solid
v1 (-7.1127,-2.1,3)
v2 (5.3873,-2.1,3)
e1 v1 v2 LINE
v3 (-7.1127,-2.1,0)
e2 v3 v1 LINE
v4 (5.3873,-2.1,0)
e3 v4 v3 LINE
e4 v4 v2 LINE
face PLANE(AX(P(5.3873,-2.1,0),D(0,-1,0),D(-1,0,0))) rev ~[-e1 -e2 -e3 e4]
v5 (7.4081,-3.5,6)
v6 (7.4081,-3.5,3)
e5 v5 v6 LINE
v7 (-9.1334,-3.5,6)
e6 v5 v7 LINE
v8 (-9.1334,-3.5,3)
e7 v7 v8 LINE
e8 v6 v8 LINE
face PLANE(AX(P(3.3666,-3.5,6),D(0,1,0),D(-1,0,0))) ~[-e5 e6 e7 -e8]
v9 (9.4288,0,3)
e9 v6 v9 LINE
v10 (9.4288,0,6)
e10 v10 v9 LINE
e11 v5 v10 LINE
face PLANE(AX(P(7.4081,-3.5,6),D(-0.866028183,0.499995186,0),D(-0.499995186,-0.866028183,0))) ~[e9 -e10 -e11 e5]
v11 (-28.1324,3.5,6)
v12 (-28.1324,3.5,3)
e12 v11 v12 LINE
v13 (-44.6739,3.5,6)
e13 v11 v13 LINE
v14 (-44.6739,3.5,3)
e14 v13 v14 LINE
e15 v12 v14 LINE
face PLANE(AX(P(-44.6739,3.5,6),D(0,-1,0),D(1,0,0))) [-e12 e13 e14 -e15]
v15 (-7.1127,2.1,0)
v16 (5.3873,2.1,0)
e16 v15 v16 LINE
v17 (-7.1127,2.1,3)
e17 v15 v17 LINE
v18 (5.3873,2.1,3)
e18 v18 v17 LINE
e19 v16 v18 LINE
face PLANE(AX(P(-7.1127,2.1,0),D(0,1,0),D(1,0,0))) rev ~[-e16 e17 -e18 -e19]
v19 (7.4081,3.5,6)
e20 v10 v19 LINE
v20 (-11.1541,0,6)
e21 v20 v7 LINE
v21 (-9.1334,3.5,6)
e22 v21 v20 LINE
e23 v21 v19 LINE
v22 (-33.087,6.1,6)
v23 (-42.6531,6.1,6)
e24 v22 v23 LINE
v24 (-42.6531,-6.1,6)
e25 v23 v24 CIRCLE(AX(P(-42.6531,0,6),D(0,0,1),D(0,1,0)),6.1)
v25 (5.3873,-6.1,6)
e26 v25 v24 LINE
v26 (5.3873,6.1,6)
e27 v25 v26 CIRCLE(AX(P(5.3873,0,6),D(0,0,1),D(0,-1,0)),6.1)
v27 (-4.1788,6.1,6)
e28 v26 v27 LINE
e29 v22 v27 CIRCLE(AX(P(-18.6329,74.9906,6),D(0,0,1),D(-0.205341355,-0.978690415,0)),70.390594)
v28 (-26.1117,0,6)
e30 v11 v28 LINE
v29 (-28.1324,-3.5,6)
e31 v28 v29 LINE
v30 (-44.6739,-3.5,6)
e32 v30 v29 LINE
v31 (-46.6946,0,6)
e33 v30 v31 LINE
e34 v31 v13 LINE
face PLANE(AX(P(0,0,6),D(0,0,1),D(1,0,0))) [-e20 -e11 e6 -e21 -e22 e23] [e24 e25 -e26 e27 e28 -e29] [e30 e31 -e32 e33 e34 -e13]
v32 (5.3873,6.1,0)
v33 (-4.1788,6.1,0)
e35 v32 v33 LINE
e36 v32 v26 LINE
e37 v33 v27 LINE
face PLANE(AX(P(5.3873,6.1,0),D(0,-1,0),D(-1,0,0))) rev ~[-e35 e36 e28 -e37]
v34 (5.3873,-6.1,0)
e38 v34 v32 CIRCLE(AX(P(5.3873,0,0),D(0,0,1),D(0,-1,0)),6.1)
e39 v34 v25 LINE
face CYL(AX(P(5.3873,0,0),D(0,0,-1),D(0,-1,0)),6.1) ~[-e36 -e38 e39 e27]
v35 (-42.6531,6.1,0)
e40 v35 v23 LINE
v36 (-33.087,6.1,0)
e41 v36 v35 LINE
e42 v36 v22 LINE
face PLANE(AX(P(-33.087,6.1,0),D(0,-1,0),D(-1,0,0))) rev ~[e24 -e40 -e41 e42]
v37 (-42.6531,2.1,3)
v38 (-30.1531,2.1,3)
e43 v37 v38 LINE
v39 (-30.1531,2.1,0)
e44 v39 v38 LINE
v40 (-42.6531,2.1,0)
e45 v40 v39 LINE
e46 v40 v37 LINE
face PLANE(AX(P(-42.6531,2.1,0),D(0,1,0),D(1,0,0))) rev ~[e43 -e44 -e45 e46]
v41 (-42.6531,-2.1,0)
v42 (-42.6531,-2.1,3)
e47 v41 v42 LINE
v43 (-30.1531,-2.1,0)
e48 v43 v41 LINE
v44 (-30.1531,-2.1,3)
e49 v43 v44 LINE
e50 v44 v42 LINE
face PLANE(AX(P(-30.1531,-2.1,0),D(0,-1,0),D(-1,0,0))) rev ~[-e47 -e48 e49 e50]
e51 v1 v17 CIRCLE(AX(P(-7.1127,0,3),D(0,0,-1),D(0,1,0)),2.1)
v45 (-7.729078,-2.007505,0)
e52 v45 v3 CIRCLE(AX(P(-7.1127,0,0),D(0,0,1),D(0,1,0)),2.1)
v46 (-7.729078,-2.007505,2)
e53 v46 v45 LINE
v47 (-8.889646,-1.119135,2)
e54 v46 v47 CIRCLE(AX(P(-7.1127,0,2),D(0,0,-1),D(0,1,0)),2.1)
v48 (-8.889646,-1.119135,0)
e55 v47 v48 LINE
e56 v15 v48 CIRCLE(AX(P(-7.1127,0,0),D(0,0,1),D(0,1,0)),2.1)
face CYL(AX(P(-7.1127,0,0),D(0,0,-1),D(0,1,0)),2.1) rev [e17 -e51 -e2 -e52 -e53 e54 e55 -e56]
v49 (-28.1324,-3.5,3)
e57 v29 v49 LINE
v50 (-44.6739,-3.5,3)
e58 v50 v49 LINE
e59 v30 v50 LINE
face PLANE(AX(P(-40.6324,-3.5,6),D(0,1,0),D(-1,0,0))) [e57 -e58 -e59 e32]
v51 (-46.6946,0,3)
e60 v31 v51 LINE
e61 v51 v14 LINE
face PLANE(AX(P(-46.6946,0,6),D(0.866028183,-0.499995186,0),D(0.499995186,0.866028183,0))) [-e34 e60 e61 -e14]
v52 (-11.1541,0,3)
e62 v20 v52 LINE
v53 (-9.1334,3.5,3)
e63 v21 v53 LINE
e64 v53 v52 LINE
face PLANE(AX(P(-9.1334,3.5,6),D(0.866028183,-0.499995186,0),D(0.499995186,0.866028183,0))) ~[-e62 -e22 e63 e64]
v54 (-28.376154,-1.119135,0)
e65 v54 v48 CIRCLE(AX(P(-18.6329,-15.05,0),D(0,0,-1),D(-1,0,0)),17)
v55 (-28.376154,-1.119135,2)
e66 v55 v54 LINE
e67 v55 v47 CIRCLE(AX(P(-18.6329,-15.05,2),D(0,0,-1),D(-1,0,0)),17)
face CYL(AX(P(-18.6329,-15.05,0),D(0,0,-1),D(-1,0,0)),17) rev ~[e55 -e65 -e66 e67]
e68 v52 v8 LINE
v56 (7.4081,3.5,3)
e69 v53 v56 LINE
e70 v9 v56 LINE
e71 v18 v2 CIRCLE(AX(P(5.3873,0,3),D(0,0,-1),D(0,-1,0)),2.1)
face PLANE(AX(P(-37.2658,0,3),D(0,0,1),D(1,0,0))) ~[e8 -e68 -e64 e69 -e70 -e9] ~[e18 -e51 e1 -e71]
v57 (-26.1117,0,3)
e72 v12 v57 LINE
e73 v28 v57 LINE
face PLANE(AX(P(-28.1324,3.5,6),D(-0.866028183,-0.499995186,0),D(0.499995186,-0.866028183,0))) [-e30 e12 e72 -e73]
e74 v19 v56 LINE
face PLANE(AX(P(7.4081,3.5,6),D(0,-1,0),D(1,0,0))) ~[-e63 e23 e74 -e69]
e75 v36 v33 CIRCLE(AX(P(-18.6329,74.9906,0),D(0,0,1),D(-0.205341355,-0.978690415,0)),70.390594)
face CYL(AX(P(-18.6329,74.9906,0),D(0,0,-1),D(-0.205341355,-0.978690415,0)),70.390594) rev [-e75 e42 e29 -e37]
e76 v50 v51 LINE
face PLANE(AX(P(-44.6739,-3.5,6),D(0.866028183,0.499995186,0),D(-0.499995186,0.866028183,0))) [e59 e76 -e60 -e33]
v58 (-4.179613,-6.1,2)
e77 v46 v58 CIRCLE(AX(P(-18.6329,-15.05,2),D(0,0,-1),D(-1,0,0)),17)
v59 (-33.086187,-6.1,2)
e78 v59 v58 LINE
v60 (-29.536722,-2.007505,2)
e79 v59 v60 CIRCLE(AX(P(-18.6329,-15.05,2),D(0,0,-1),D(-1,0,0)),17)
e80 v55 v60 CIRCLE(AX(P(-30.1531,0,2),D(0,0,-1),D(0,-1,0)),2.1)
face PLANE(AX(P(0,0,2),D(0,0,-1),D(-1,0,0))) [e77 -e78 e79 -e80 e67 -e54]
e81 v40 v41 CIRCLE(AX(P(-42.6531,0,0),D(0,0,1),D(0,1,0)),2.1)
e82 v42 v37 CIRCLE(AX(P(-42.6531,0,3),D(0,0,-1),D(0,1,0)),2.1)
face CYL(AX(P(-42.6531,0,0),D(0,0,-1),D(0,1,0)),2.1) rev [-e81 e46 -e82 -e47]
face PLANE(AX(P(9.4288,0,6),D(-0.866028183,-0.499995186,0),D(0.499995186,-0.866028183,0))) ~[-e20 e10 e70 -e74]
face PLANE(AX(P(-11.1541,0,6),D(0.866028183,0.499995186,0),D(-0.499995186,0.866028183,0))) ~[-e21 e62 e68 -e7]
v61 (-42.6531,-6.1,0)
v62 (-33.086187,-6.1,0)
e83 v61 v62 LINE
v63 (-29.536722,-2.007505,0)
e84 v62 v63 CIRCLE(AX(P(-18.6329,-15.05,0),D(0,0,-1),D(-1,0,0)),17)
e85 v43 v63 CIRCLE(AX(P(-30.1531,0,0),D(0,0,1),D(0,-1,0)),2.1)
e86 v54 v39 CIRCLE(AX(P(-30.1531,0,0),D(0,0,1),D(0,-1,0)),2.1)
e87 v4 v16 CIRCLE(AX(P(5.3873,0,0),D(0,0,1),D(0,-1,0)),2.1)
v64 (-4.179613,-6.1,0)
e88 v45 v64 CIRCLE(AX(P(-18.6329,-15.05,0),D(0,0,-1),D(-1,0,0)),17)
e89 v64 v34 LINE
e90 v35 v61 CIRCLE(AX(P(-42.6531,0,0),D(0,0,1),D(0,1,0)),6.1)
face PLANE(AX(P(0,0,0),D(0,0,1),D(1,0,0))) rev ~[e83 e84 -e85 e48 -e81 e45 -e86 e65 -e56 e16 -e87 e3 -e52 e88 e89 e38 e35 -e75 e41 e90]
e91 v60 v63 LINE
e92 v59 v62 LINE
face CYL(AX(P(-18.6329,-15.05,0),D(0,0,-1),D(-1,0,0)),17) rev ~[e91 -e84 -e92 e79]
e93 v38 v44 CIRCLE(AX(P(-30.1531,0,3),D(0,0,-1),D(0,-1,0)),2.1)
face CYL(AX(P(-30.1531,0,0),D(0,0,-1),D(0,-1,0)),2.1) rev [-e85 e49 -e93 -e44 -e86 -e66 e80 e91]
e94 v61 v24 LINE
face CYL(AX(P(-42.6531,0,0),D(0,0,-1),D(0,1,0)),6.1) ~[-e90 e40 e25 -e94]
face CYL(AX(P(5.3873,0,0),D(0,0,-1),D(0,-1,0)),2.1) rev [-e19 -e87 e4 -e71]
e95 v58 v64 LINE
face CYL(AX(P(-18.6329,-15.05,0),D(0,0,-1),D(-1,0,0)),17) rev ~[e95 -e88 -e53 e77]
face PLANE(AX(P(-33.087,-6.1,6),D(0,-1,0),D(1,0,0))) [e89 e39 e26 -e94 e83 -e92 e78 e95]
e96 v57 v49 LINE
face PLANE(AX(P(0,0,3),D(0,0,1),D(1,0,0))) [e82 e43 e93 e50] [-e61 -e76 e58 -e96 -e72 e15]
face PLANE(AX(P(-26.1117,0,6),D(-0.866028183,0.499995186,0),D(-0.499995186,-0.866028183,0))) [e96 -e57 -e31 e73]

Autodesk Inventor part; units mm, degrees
ref_plane "YZ Plane" through (0, 0, 0) normal (1, 0, 0) x (0, 1, 0)
ref_plane "XZ Plane" through (0, 0, 0) normal (0, 1, 0) x (-1, 0, 0)
ref_plane "XY Plane" through (0, 0, 0) normal (0, 0, 1) x (1, 0, 0)
sketch "Skizze1" plane through (0, 0, 0) normal (0, 0, 1) x (1, 0, 0)
  line L0 (-30.1531, -2.1) -> (-42.6531, -2.1) projected
  arc A0 (-42.6531, 2.1) -> (-42.6531, -2.1) centre (-42.6531, 0) ccw projected
  line L1 (-42.6531, 2.1) -> (-30.1531, 2.1) projected
  arc A1 (-30.1531, -2.1) -> (-30.1531, 2.1) centre (-30.1531, 0) ccw projected
  arc A2 (-7.1127, 2.1) -> (-7.1127, -2.1) centre (-7.1127, 0) ccw projected
  line L2 (-7.1127, 2.1) -> (5.3873, 2.1) projected
  arc A3 (5.3873, -2.1) -> (5.3873, 2.1) centre (5.3873, 0) ccw projected
  line L3 (5.3873, -2.1) -> (-7.1127, -2.1) projected
  circle A4 centre (-18.6329, -15.05) radius 14 projected
  circle A5 centre (-18.6329, 73.2719) radius 11.05 projected
  arc A6 (19.5363, 49.4369) -> (23.7773, 46.7885) centre (21.6568, 48.1127) ccw projected
  arc A7 (19.5363, 49.4369) -> (-57.3137, 50.2763) centre (-18.6329, 73.2719) ccw projected
  spline S0 degree 3 poles (-57.3137, 50.2763) (-57.1415, 49.9867) (-56.9966, 49.6783) (-56.7784, 49.0519) (-56.7017, 48.7303) (-56.6239, 48.0366) (-56.6345, 47.6574) (-56.7807, 47.0301) (-56.8829, 46.7742) (-57.1624, 46.3502) (-57.3235, 46.1805) (-57.5157, 46.0459) knots 0 0 0 0 0.100197 0.100197 0.197338 0.197338 0.308151 0.308151 0.389963 0.389963 0.460336 0.460336 0.460336 0.460336 projected
  line L4 (-57.5157, 46.0459) -> (-57.5426, 46.0271) projected
  ellipse E0 centre (-59.5705, 48.9232) end of major axis (-61.5984, 51.8193) minor radius 2.5 (-61.0744, 46.8387) -> (-57.5426, 46.0271) ccw projected
  arc A8 (23.7773, 46.7885) -> (-61.0744, 46.8387) centre (-18.6329, 73.2719) ccw projected
  line L5 (-0.8579, 86.6698) -> (-3.6329, 85.0676) projected
  line L6 (-3.6329, 85.0676) -> (-6.4079, 86.6698) projected
  line L7 (-6.4079, 86.6698) -> (-6.4079, 89.8741) projected
  line L8 (-6.4079, 89.8741) -> (-3.6329, 91.4762) projected
  line L9 (-3.6329, 91.4762) -> (-0.8579, 89.8741) projected
  line L10 (-0.8579, 89.8741) -> (-0.8579, 86.6698) projected
  line L11 (-6.4079, 59.8741) -> (-3.6329, 61.4762) projected
  line L12 (-3.6329, 61.4762) -> (-0.8579, 59.8741) projected
  line L13 (-0.8579, 59.8741) -> (-0.8579, 56.6698) projected
  line L14 (-0.8579, 56.6698) -> (-3.6329, 55.0676) projected
  line L15 (-3.6329, 55.0676) -> (-6.4079, 56.6698) projected
  line L16 (-6.4079, 56.6698) -> (-6.4079, 59.8741) projected
  line L17 (-36.4079, 59.8741) -> (-33.6329, 61.4762) projected
  line L18 (-33.6329, 61.4762) -> (-30.8579, 59.8741) projected
  line L19 (-30.8579, 59.8741) -> (-30.8579, 56.6698) projected
  line L20 (-30.8579, 56.6698) -> (-33.6329, 55.0676) projected
  line L21 (-33.6329, 55.0676) -> (-36.4079, 56.6698) projected
  line L22 (-36.4079, 56.6698) -> (-36.4079, 59.8741) projected
  line L23 (-30.8579, 86.6698) -> (-33.6329, 85.0676) projected
  line L24 (-33.6329, 85.0676) -> (-36.4079, 86.6698) projected
  line L25 (-36.4079, 86.6698) -> (-36.4079, 89.8741) projected
  line L26 (-36.4079, 89.8741) -> (-33.6329, 91.4762) projected
  line L27 (-33.6329, 91.4762) -> (-30.8579, 89.8741) projected
  line L28 (-30.8579, 89.8741) -> (-30.8579, 86.6698) projected
  line L29 (-21.6329, -35.1) -> (-21.6329, -48.7281) projected
  line L30 (-15.6329, -48.7281) -> (-21.6329, -48.7281) projected
  line L31 (-15.6329, -35.1) -> (-15.6329, -48.7281) projected
  line L32 (-3.5829, -35.1) -> (-15.6329, -35.1) projected
  arc A9 (-3.5829, -35.1) -> (1.4171, -30.1) centre (-3.5829, -30.1) ccw projected
  line L33 (1.4171, -22.1174) -> (1.4171, -30.1) projected
  spline S1 degree 3 poles (5.4171, -15.0509) (5.4147, -15.0534) (5.4123, -15.0559) (4.6387, -15.8583) (3.8622, -16.6655) (2.6723, -18.2412) (2.1512, -19.0655) (1.5603, -20.6885) (1.4171, -21.3977) (1.4171, -22.1174) knots 0 0 0 0 0.0012 0.0012 0.384075 0.384075 0.683828 0.683828 0.899728 0.899728 0.899728 0.899728 projected
  arc A10 (48.8863, -32.4077) -> (5.4171, -15.0509) centre (-18.6329, -138.3947) ccw projected
  spline S2 degree 3 poles (46.6689, -28.6102) (46.687, -28.6358) (46.7052, -28.6619) (47.5464, -29.8644) (48.2846, -31.1065) (48.8863, -32.4077) knots 0 0 0 0 0.009408 0.009408 0.428044 0.428044 0.428044 0.428044 projected
  spline S3 degree 3 poles (46.3671, 73.2719) (46.3671, 69.062) (45.5995, 65.0904) (43.0366, 57.3871) (41.3844, 53.8297) (36.5234, 43.9303) (33.0874, 37.527) (29.4142, 24.4534) (28.6107, 18.1121) (30.256, 4.2032) (32.4354, -3.9552) (40.4412, -19.2682) (43.5252, -24.1471) (46.6689, -28.6102) knots -13.775579 -13.775579 -13.775579 -13.775579 -11.916531 -11.916531 -10.206507 -10.206507 -7.199912 -7.199912 -4.876321 -4.876321 -2.796234 -2.796234 -1.753011 -1.753011 -1.753011 -1.753011 projected
  arc A11 (46.3671, 73.2719) -> (-83.6329, 73.2719) centre (-18.6329, 73.2719) ccw projected
  spline S4 degree 3 poles (-83.9347, -28.6102) (-82.7069, -26.8671) (-81.4925, -25.0666) (-75.3921, -15.5288) (-70.9948, -6.9499) (-66.4184, 9.431) (-66.0615, 15.8887) (-67.4531, 29.6924) (-70.2546, 36.5869) (-76.2635, 49.1483) (-79.4526, 54.8792) (-82.8508, 65.0165) (-83.6329, 69.0218) (-83.6329, 73.2719) knots -8.648216 -8.648216 -8.648216 -8.648216 -8.254246 -8.254246 -6.614154 -6.614154 -5.212744 -5.212744 -3.192896 -3.192896 -1.275036 -1.275036 0 0 0 0 projected
  spline S5 degree 3 poles (-86.1522, -32.4077) (-85.9485, -31.9672) (-85.7293, -31.5338) (-85.2658, -30.6848) (-85.0214, -30.2686) (-84.6343, -29.6497) (-84.4998, -29.4414) (-84.293, -29.1304) (-84.2227, -29.0263) (-84.116, -28.8704) (-84.0801, -28.8184) (-84.0259, -28.7403) (-84.0078, -28.7143) (-83.9711, -28.6619) (-83.9528, -28.6358) (-83.9347, -28.6102) knots 0.128552 0.128552 0.128552 0.128552 0.274044 0.274044 0.418651 0.418651 0.49297 0.49297 0.530648 0.530648 0.549617 0.549617 0.559135 0.559135 0.568808 0.568808 0.568808 0.568808 projected
  arc A12 (-42.6829, -15.0509) -> (-86.1522, -32.4077) centre (-18.6329, -138.3947) ccw projected
  spline S6 degree 3 poles (-38.6829, -22.1174) (-38.6829, -21.3977) (-38.8261, -20.6885) (-39.4171, -19.0655) (-39.9382, -18.2412) (-41.128, -16.6655) (-41.9045, -15.8583) (-42.6781, -15.0559) (-42.6805, -15.0534) (-42.6829, -15.0509) knots -0.001044 -0.001044 -0.001044 -0.001044 0.186915 0.186915 0.447875 0.447875 0.7812 0.7812 0.782245 0.782245 0.782245 0.782245 projected
  line L34 (-38.6829, -30.1) -> (-38.6829, -22.1174) projected
  arc A13 (-38.6829, -30.1) -> (-33.6829, -35.1) centre (-33.6829, -30.1) ccw projected
  line L35 (-21.6329, -35.1) -> (-33.6829, -35.1) projected
  arc A14 (11.642, 130.7909) -> (11.642, 15.753) centre (-18.6329, 73.2719) ccw projected
  spline S7 degree 3 poles (12.5639, 132.5424) (6.5678, 135.6985) (0.1274, 137.9264) (-13.2016, 140.3737) (-20.0134, 140.579) (-35.3971, 138.7033) (-43.7658, 135.9668) (-58.983, 127.4399) (-65.6862, 121.7311) (-76.5269, 108.0654) (-80.5608, 100.2392) (-85.4017, 83.481) (-86.1624, 74.7092) (-84.2786, 57.3678) (-81.6522, 48.964) (-73.3257, 33.6361) (-67.7054, 26.8586) (-54.1831, 15.8395) (-46.4105, 11.7032) (-29.7172, 6.6428) (-20.9562, 5.7671) (-3.5916, 7.4232) (4.846, 9.9391) (12.5639, 14.0014) knots -27.614157 -27.614157 -27.614157 -27.614157 -25.581379 -25.581379 -23.548602 -23.548602 -20.93209 -20.93209 -18.315579 -18.315579 -15.699068 -15.699068 -13.082556 -13.082556 -10.466045 -10.466045 -7.849534 -7.849534 -5.233023 -5.233023 -2.616511 -2.616511 0 0 0 0 projected
  line L36 (-42.6531, 0) -> (5.3873, 0) construction
  line L37 (-42.6531, -6.1) -> (5.3873, -6.1)
  line L38 (5.3873, 6.1) -> (-42.6531, 6.1)
  arc A15 (-42.6531, 6.1) -> (-42.6531, -6.1) centre (-42.6531, 0) ccw
  arc A16 (5.3873, -6.1) -> (5.3873, 6.1) centre (5.3873, 0) ccw
  arc A17 (-4.1788, -6.1) -> (-33.087, -6.1) centre (-18.6329, -40.2677) ccw
  arc A18 (-33.087, 6.1) -> (-4.1788, 6.1) centre (-18.6329, 74.9906) ccw
  line L39 (-18.6329, 6.1) -> (-18.6329, -6.1) construction
  line L40 (-30.1531, 4.6) -> (-7.1127, 4.6) construction
  line L41 (-7.1127, 4.6) -> (-7.1127, -3.1685) construction
  line L42 (-7.1127, -3.1685) -> (-30.1531, -3.1685) construction
  line L43 (-30.1531, -3.1685) -> (-30.1531, 4.6) construction
  line L44 (-33.087, 6.1) -> (-4.1788, 6.1) construction
  line L45 (-4.1788, 6.1) -> (-4.1788, -6.1) construction
  line L46 (-4.1788, -6.1) -> (-33.087, -6.1) construction
  line L47 (-33.087, -6.1) -> (-33.087, 6.1) construction
  point P0 (0, 0)
  point P1 (-3.5829, 0)
  point P2 (-18.6329, 0)
  dimension "d0" = 4
  dimension "d1" = 1.5
extrude "Extrusion1" add sketch "Skizze1" along normal blind 6 contours A17 A4 | A4 A17 L37 A15 L38 A18 A16
sketch "Skizze2" plane through (0, 0, 6) normal (0, 0, 1) x (1, 0, 0)
  arc A0 (-42.6531, 2.1) -> (-42.6531, -2.1) centre (-42.6531, 0) ccw projected
  line L0 (-42.6531, 2.1) -> (-30.1531, 2.1) projected
  arc A1 (-30.1531, -2.1) -> (-30.1531, 2.1) centre (-30.1531, 0) ccw projected
  line L1 (-30.1531, -2.1) -> (-42.6531, -2.1) projected
  arc A2 (-4.1788, -6.1) -> (-33.087, -6.1) centre (-18.6329, -40.2677) ccw projected
  arc A3 (-33.087, 6.1) -> (-4.1788, 6.1) centre (-18.6329, 74.9906) ccw projected
  arc A4 (-42.6531, 6.1) -> (-42.6531, -6.1) centre (-42.6531, 0) ccw projected
  line L2 (-46.6946, 0) -> (-44.6739, 3.5)
  line L3 (-44.6739, 3.5) -> (-40.6324, 3.5)
  line L4 (-40.6324, 3.5) -> (-38.6117, 0)
  line L5 (-38.6117, 0) -> (-40.6324, -3.5)
  line L6 (-40.6324, -3.5) -> (-44.6739, -3.5)
  line L7 (-44.6739, -3.5) -> (-46.6946, 0)
  line L8 (-26.1117, 0) -> (-28.1324, -3.5)
  line L9 (-28.1324, -3.5) -> (-32.1739, -3.5)
  line L10 (-32.1739, -3.5) -> (-34.1946, 0)
  line L11 (-34.1946, 0) -> (-32.1739, 3.5)
  line L12 (-32.1739, 3.5) -> (-28.1324, 3.5)
  line L13 (-28.1324, 3.5) -> (-26.1117, 0)
  line L14 (-40.6324, 3.5) -> (-32.1739, 3.5)
  line L15 (-32.1739, 3.5) -> (-32.1739, -3.5)
  line L16 (-32.1739, -3.5) -> (-40.6324, -3.5)
  line L17 (-40.6324, -3.5) -> (-40.6324, 3.5)
  line L18 (-18.6329, 4.6) -> (-18.6329, -3.1685)
  point P0 (0, 0)
  dimension "d4" = 7
extrude "Extrusion2" cut sketch "Skizze2" against normal blind 3
ref_plane "Arbeitsebene1" through (-18.6329, 4.6, 6) normal (-1, 0, 0) x (0, -1, 0)
mirror "Spiegeln1" about plane through (-18.6329, 4.6, 6) normal (-1, 0, 0) of "Extrusion2"
sketch "Skizze3" plane through (0, 0, 6) normal (0, 0, 1) x (1, 0, 0)
  arc A0 (-4.1788, -6.1) -> (-33.087, -6.1) centre (-18.6329, -40.2677) ccw projected
  line L0 (-4.1788, -6.1) -> (5.3873, -6.1) projected
  line L1 (-33.087, -6.1) -> (-4.1788, -6.1)
  point P0 (0, 0)
extrude "Extrusion3" add sketch "Skizze3" against normal up to surface (6 mm away)
sketch "Skizze4" plane through (0, 0, 0) normal (0, 0, -1) x (-1, 0, 0)
  circle A0 centre (18.6329, -15.05) radius 14 projected
  circle A1 centre (18.6329, -15.05) radius 17
  point P0 (0, 0)
  dimension "d15" = 34
extrude "Extrusion4" cut sketch "Skizze4" against normal blind 2 contours A0 | A1
ref_plane "Arbeitsebene2" through (5.3873, 0, 0) normal (0, -1, 0) x (0, 0, 1)
properties part number "Shoulder_spanner" material "ABS-Kunststoff - Schwarz"
